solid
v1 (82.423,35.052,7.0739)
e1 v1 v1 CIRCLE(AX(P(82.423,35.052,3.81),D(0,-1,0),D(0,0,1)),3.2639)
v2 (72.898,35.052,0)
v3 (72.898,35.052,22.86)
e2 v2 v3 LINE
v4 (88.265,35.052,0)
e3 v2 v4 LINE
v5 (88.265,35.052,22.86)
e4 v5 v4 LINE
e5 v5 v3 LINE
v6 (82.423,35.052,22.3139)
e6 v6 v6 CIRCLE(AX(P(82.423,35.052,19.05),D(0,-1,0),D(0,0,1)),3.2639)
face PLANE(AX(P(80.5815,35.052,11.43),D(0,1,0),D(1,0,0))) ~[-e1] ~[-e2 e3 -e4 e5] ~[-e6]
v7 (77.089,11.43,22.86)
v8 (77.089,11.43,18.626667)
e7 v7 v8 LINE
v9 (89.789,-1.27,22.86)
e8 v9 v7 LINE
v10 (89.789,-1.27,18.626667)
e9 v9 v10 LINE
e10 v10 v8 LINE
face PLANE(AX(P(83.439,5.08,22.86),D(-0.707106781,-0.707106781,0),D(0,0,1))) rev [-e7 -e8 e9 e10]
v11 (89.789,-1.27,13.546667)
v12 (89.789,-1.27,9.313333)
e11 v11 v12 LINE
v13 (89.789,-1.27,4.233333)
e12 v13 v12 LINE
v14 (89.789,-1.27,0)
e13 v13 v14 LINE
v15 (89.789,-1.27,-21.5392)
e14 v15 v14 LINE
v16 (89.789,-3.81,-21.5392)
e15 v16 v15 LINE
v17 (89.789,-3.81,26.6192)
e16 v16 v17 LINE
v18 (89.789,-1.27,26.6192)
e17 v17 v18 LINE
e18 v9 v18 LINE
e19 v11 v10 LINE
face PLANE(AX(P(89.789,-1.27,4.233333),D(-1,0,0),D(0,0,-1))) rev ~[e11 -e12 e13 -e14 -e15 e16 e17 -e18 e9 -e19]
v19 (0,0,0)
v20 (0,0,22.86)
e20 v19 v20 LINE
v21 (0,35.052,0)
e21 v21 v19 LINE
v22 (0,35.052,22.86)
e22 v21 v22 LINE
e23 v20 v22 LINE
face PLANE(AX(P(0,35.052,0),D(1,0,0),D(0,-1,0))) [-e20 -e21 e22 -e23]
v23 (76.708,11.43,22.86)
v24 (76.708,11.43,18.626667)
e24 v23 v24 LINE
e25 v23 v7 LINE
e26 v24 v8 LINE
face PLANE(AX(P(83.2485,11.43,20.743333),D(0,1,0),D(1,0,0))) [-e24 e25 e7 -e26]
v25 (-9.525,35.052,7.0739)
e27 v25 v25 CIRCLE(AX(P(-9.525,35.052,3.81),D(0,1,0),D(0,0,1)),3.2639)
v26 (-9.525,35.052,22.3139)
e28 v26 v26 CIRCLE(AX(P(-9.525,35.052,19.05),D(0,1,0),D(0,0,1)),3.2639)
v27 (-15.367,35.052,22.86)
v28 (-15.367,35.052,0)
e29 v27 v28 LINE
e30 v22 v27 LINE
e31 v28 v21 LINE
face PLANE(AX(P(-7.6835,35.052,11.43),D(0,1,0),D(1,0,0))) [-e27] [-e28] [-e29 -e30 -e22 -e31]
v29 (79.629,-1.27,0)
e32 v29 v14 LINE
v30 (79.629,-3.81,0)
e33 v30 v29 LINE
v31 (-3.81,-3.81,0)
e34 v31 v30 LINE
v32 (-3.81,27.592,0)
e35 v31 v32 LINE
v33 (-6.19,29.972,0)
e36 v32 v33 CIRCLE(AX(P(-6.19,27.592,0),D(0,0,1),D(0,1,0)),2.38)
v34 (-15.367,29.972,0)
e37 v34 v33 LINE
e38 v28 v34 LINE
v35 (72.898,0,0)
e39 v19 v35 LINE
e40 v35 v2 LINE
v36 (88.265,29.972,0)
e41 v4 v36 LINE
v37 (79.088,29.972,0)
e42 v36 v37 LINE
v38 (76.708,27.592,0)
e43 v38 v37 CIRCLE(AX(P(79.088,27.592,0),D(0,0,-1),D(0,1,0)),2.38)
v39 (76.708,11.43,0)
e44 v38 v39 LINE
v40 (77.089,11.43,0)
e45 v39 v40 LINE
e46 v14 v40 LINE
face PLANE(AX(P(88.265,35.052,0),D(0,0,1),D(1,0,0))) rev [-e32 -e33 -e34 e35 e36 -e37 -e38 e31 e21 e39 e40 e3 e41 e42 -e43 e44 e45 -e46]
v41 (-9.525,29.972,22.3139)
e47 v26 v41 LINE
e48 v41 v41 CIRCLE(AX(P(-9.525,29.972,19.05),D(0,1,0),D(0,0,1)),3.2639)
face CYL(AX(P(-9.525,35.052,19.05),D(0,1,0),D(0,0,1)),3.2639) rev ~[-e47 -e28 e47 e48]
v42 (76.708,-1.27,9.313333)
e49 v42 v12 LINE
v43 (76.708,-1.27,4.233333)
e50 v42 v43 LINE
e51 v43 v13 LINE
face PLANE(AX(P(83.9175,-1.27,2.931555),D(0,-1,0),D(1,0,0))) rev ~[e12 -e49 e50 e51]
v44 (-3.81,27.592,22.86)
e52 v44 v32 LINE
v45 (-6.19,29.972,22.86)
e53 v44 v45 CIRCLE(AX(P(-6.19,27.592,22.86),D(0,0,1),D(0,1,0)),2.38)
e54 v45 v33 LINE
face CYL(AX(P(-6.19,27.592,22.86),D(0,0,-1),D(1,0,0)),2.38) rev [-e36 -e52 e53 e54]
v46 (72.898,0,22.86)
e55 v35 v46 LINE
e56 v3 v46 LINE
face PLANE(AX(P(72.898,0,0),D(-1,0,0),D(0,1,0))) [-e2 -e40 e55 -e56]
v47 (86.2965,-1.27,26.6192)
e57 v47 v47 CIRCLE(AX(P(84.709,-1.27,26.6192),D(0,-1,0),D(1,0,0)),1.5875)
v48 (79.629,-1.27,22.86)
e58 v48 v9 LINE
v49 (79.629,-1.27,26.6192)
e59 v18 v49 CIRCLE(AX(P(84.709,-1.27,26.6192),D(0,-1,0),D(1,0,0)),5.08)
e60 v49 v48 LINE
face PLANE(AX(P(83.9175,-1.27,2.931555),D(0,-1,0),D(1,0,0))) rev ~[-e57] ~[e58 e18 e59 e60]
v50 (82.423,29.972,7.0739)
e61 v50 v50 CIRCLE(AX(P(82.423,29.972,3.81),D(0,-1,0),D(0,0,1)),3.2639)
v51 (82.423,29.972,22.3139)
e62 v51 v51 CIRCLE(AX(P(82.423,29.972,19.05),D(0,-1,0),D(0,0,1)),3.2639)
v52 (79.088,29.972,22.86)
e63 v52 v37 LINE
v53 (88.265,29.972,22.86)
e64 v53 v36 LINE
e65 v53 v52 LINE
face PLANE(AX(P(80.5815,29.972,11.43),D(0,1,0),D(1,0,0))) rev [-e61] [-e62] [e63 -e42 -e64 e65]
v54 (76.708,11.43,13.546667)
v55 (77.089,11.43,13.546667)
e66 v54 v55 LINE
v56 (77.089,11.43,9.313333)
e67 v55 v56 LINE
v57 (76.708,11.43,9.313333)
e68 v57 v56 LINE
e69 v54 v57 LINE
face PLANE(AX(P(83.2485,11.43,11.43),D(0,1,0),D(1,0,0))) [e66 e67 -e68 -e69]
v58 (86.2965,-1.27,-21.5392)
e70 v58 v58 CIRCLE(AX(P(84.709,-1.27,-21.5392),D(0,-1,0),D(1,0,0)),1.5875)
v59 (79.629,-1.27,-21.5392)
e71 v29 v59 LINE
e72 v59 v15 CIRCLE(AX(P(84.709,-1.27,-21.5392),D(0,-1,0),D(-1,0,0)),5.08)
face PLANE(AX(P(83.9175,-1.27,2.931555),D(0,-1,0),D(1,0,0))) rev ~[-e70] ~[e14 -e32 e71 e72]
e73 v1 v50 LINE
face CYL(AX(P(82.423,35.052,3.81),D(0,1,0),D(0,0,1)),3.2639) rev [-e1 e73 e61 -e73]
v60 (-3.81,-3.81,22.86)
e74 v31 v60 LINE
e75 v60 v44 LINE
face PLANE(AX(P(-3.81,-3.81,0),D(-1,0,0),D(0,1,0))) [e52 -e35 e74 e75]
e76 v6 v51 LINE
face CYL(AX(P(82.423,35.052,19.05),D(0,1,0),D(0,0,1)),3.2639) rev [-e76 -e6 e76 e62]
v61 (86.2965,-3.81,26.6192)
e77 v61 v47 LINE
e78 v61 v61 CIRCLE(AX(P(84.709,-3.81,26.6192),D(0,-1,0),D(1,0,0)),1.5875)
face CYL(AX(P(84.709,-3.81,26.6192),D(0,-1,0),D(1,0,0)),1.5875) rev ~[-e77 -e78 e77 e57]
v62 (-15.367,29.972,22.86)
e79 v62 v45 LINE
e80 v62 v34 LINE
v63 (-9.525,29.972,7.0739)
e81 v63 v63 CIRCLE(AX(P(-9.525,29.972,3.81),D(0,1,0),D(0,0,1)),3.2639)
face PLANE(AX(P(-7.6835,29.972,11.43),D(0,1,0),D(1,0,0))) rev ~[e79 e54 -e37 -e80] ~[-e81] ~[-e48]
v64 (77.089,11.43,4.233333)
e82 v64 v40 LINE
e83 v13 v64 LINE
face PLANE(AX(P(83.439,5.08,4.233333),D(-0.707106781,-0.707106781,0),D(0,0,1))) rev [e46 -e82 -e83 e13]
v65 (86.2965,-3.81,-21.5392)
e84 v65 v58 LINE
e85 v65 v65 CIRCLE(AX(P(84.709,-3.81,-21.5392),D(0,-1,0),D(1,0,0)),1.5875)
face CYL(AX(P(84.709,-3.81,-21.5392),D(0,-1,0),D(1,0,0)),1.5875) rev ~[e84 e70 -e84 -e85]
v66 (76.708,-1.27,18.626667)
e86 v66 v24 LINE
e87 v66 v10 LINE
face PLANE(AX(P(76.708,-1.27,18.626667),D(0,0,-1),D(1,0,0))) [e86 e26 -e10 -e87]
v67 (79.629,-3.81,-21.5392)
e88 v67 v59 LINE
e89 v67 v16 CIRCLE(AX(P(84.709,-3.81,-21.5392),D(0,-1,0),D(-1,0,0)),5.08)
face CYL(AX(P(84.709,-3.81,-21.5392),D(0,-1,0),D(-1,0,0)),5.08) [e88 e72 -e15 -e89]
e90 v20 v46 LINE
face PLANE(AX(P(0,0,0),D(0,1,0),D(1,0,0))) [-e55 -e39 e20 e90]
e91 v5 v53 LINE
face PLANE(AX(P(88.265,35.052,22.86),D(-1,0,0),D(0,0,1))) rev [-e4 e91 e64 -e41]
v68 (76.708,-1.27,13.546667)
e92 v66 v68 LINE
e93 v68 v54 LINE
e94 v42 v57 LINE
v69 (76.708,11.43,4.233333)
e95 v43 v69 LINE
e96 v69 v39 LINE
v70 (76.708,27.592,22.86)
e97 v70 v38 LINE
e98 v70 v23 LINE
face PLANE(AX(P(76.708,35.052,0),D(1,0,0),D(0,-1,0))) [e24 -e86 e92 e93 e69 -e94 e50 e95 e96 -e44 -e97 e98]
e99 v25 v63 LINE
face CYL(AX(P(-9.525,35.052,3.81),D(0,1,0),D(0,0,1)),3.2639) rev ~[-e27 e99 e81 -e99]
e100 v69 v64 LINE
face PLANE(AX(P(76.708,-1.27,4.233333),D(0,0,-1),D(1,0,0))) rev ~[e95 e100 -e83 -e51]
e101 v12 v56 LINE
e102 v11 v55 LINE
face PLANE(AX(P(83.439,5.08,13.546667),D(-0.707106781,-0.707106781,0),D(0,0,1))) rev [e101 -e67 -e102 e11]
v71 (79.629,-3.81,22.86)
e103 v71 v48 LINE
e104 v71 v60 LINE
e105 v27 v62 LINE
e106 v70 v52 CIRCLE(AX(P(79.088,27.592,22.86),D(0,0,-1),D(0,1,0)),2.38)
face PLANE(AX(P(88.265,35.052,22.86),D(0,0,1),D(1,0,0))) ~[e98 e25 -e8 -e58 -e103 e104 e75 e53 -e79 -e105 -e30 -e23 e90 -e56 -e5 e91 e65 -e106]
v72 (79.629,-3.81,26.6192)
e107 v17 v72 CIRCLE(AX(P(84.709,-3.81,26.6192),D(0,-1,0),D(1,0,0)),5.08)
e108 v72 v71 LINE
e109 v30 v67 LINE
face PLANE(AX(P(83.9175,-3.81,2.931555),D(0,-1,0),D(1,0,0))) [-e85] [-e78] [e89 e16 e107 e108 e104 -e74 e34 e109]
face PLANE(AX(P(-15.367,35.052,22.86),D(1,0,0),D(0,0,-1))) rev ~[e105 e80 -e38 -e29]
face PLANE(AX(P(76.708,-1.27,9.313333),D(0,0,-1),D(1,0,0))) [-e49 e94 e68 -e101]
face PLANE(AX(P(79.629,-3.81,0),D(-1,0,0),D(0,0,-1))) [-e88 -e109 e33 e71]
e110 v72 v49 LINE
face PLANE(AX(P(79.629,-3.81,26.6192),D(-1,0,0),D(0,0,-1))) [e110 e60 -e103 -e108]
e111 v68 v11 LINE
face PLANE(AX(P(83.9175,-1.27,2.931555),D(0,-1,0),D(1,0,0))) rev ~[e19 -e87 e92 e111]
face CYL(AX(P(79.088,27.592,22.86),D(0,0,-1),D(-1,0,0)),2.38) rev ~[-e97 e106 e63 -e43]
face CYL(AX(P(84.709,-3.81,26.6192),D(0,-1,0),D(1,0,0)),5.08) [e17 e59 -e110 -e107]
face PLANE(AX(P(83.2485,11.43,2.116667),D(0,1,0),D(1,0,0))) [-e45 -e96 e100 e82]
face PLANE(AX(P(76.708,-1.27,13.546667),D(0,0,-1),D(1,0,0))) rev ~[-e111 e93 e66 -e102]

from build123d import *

# Parameters (mm, degrees)
BOSS_EXTRUDE1_DEPTH = 22.86
SKETCH2_R           = 1.5875
BOSS_EXTRUDE2_DEPTH = 2.54
SKETCH4_W           = 15.367
SKETCH4_H           = 22.86
SKETCH4_R           = 3.2639
BOSS_EXTRUDE3_DEPTH = 5.08
SKETCH5_W           = 13.081
SKETCH5_H           = 4.233333333
SKETCH5_H_2         = 4.233333334
BOSS_EXTRUDE4_DEPTH = 12.7
CHAMFER1_SIZE       = 12.7
FILLET1_R           = 2.38


with BuildPart() as part:
    # Sketch1 → Boss-Extrude1 (new body)
    with BuildSketch(Plane.XY):
        Polygon((-3.81, 35.052), (0, 35.052), (0, 0), (72.898, 0), (72.898, 35.052), (76.708, 35.052), (76.708, -3.81), (-3.81, -3.81), align=None)
    extrude(amount=BOSS_EXTRUDE1_DEPTH)

    # Sketch2 → Boss-Extrude2 (add)
    with BuildSketch(Plane.XZ.offset(3.81)):
        with BuildLine():
            ThreePointArc((89.789, 26.6192), (84.709, 31.6992), (79.629, 26.6192))
            Line((79.629, 26.6192), (79.629, 22.86))
            Line((79.629, 22.86), (76.708, 22.86))
            Line((76.708, 22.86), (76.708, 0))
            Line((76.708, 0), (79.629, 0))
            Line((79.629, 0), (79.629, -21.5392))
            ThreePointArc((79.629, -21.5392), (84.709, -26.6192), (89.789, -21.5392))
            Line((89.789, -21.5392), (89.789, 26.6192))
        make_face()
        with Locations((84.709, -21.5392)):
            Circle(SKETCH2_R, mode=Mode.SUBTRACT)
        with Locations((84.709, 26.6192)):
            Circle(SKETCH2_R, mode=Mode.SUBTRACT)
    extrude(amount=-BOSS_EXTRUDE2_DEPTH)

    # Sketch4 → Boss-Extrude3 (add)
    with BuildSketch(Plane(origin=(0, 35.052, 0), x_dir=(1, 0, 0), z_dir=(0, 1, 0))):
        with Locations((-7.6835, -11.43)):
            Rectangle(SKETCH4_W, SKETCH4_H)
        with Locations(Location((-9.525, -3.81, 0), (0, 0, 270))):
            Circle(SKETCH4_R, mode=Mode.SUBTRACT)
        with Locations(Location((-9.525, -19.05, 0), (0, 0, 270))):
            Circle(SKETCH4_R, mode=Mode.SUBTRACT)
    boss_extrude3 = extrude(amount=-BOSS_EXTRUDE3_DEPTH)

    # Mirror1: Boss-Extrude3 across plane
    add(boss_extrude3.mirror(Plane(origin=(36.449, 0, 0), x_dir=(0, 0, 1), z_dir=(1, 0, 0))))

    # Sketch5 → Boss-Extrude4 (add)
    with BuildSketch(Plane(origin=(0, -1.27, 0), x_dir=(1, 0, 0), z_dir=(0, 1, 0))):
        with Locations((83.2485, -2.116666667)):
            Rectangle(SKETCH5_W, SKETCH5_H)
        with Locations((83.2485, -20.743333334)):
            Rectangle(SKETCH5_W, SKETCH5_H)
        with Locations((83.2485, -11.43)):
            Rectangle(SKETCH5_W, SKETCH5_H_2)
    extrude(amount=BOSS_EXTRUDE4_DEPTH)

    # Chamfer1
    chamfer1_edges = [part.edges().sort_by_distance(p)[0] for p in [
        (89.789, 11.43, 20.743333333),
        (89.789, 11.43, 11.43),
        (89.789, 11.43, 2.116666667),
    ]]
    chamfer(chamfer1_edges, length=CHAMFER1_SIZE)

    # Fillet1
    fillet1_edges = [part.edges().sort_by_distance(p)[0] for p in [
        (-3.81, 29.972, 11.43),
        (76.708, 29.972, 11.43),
    ]]
    fillet(fillet1_edges, radius=FILLET1_R)


solid = part.part
